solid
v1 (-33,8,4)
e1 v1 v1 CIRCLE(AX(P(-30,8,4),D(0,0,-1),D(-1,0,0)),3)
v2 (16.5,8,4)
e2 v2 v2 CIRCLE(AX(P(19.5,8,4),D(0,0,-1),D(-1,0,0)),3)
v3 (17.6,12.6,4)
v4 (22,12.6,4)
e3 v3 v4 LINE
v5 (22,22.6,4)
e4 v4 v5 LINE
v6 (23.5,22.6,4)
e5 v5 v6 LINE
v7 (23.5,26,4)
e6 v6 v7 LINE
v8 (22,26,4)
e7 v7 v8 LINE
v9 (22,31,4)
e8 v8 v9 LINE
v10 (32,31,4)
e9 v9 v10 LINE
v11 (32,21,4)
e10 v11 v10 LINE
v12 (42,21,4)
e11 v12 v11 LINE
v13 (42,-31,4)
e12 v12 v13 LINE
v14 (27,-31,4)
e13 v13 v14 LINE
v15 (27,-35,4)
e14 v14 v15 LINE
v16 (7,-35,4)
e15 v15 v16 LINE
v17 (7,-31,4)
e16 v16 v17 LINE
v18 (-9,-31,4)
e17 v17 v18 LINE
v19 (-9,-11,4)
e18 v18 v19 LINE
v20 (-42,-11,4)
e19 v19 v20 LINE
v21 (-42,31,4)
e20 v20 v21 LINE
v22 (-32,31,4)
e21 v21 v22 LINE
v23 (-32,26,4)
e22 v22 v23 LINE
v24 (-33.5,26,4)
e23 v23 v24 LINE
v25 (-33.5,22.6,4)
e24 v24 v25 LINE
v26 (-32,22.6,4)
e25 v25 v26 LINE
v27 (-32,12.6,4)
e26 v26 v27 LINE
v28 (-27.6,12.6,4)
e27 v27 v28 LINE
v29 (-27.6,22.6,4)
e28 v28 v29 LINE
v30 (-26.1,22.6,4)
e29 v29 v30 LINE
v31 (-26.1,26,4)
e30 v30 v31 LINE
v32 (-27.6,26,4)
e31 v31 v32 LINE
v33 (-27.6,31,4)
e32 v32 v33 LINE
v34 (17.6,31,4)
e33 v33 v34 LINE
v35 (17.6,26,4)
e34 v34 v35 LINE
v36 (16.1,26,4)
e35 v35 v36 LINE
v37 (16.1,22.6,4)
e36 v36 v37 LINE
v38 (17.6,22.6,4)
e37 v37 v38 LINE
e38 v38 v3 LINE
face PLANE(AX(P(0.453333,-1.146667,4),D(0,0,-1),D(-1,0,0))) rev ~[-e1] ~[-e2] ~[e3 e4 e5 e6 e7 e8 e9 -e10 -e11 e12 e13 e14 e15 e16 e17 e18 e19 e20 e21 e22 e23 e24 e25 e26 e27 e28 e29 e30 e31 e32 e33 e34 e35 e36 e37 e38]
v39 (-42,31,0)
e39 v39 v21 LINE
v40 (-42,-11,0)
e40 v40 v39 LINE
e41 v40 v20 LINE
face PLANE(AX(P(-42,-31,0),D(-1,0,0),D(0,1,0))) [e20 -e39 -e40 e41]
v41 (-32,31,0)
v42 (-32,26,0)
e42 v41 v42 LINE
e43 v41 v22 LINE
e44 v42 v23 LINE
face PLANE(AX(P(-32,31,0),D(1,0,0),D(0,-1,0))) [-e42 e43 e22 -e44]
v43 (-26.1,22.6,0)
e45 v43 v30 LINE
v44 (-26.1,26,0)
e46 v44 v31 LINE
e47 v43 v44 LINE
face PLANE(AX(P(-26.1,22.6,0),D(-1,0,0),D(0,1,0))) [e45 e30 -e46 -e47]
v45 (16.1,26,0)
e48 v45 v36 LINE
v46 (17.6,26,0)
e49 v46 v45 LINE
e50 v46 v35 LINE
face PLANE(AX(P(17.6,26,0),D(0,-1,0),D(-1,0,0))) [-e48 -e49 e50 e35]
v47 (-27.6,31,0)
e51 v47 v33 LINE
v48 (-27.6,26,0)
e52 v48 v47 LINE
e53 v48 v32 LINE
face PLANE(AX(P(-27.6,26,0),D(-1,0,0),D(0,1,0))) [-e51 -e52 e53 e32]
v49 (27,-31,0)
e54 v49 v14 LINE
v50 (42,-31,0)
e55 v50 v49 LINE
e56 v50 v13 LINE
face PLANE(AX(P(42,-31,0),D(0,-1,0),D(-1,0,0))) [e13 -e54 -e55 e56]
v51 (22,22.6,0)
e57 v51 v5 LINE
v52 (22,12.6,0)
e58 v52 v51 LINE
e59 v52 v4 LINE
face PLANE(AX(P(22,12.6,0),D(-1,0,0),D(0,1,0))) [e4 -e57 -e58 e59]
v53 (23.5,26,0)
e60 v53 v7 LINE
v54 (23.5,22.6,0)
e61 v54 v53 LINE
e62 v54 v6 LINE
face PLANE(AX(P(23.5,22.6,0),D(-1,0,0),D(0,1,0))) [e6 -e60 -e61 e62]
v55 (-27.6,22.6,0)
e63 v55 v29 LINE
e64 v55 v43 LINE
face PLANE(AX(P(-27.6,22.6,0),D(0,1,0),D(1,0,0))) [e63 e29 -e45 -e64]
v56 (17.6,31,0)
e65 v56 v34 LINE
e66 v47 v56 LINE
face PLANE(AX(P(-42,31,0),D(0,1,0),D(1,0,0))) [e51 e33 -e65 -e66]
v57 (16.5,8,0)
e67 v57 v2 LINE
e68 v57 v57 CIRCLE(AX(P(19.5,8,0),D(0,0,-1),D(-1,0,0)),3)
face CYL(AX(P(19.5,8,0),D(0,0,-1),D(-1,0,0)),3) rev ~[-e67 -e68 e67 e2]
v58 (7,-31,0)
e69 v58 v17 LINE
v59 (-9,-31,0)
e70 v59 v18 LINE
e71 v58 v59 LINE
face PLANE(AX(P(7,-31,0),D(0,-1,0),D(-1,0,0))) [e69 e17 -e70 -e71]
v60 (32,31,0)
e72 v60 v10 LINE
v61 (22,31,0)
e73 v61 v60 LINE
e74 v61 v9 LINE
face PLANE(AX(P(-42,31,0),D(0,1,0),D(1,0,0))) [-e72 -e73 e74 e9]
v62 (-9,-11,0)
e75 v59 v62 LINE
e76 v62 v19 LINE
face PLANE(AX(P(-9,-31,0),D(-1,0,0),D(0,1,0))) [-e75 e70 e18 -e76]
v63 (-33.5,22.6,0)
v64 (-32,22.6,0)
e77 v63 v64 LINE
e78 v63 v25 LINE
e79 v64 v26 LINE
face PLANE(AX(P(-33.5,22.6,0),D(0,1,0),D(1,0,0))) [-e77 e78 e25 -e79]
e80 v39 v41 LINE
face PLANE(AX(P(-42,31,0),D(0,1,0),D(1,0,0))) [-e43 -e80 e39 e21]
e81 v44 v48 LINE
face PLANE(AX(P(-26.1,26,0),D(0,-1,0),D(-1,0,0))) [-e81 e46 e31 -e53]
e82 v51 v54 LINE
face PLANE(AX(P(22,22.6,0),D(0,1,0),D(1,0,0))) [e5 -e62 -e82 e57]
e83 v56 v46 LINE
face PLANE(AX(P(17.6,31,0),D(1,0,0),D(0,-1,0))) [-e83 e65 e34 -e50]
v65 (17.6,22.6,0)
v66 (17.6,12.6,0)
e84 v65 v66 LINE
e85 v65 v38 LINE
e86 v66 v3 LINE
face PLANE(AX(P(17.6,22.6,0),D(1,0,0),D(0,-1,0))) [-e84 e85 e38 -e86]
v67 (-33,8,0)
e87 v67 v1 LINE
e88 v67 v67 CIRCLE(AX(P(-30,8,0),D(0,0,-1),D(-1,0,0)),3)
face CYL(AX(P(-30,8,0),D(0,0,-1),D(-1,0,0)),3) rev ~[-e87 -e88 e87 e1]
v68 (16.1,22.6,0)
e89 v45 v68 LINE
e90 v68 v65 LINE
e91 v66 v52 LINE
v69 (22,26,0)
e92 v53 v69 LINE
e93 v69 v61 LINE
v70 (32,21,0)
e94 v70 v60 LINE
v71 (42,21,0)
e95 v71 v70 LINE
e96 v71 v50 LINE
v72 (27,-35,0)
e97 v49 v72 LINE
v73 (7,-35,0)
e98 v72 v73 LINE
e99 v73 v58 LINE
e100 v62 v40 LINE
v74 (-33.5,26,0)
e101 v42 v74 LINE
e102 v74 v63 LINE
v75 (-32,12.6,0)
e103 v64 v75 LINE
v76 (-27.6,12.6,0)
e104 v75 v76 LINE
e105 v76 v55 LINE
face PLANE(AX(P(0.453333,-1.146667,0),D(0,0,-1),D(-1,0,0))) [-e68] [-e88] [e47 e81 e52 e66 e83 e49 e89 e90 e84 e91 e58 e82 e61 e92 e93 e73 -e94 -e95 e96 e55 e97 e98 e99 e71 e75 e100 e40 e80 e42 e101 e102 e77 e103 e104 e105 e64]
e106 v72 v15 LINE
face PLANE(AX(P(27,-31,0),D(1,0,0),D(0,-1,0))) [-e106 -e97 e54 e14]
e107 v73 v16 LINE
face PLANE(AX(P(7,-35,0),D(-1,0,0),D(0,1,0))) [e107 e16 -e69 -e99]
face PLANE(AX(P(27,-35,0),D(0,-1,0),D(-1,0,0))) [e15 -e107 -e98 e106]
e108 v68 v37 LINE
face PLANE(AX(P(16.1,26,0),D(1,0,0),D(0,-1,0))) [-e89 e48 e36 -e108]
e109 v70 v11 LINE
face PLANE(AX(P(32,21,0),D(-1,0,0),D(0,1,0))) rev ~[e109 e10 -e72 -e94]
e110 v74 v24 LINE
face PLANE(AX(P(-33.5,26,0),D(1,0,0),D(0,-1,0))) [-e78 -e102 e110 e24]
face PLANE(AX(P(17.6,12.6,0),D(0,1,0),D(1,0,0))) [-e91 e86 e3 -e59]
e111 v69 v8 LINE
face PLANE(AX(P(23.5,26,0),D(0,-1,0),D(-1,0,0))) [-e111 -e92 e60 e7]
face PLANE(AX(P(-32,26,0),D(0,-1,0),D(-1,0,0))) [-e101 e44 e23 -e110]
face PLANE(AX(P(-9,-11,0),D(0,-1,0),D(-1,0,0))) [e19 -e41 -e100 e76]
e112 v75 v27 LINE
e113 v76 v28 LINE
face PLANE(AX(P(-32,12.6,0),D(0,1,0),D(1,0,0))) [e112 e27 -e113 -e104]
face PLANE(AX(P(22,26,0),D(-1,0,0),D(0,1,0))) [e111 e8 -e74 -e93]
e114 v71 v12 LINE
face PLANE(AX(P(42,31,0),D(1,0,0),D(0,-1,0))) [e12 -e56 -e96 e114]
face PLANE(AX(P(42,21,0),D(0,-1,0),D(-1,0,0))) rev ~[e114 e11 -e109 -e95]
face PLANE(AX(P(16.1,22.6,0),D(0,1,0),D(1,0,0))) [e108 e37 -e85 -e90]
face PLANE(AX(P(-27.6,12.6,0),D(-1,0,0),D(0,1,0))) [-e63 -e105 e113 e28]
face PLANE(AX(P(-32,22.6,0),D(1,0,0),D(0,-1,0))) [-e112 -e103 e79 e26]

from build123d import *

# Parameters (mm, degrees)
BOSS_EXTRUDE1_DEPTH = 4
SKETCH2_W           = 33
SKETCH2_H           = 20
SKETCH2_W_2         = 10
SKETCH2_H_2         = 10
CUT_EXTRUDE1_DEPTH  = 5
CUT_EXTRUDE2_DEPTH  = 10
SKETCH4_R           = 3
CUT_EXTRUDE3_DEPTH  = 10


with BuildPart() as part:
    # Sketch1 → Boss-Extrude1 (new body)
    with BuildSketch(Plane.XY):
        Polygon((27, -31), (27, -35), (7, -35), (7, -31), (-42, -31), (-42, 31), (42, 31), (42, -31), align=None)
    extrude(amount=BOSS_EXTRUDE1_DEPTH)

    # Sketch2 → Cut-Extrude1 (cut)
    with BuildSketch(Plane(origin=(0, 0, 0), x_dir=(-1, 0, 0), z_dir=(0, 0, -1))):
        with Locations((25.5, -21)):
            Rectangle(SKETCH2_W, SKETCH2_H)
        with Locations((-37, 26)):
            Rectangle(SKETCH2_W_2, SKETCH2_H_2)
    extrude(amount=-CUT_EXTRUDE1_DEPTH, mode=Mode.SUBTRACT)

    # Sketch3 → Cut-Extrude2 (cut)
    with BuildSketch(Plane(origin=(0, 0, 0), x_dir=(-1, 0, 0), z_dir=(0, 0, -1))):
        Polygon((32, 22.6), (32, 12.6), (27.6, 12.6), (27.6, 22.6), (26.1, 22.6), (26.1, 26), (27.6, 26), (27.6, 31), (32, 31), (32, 26), (33.5, 26), (33.5, 22.6), align=None)
        Polygon((-17.6, 22.6), (-17.6, 12.6), (-22, 12.6), (-22, 22.6), (-23.5, 22.6), (-23.5, 26), (-22, 26), (-22, 31), (-17.6, 31), (-17.6, 26), (-16.1, 26), (-16.1, 22.6), align=None)
    extrude(amount=-CUT_EXTRUDE2_DEPTH, mode=Mode.SUBTRACT)

    # Sketch4 → Cut-Extrude3 (cut)
    with BuildSketch(Plane(origin=(0, 0, 0), x_dir=(-1, 0, 0), z_dir=(0, 0, -1))):
        with Locations((30, 8)):
            Circle(SKETCH4_R)
        with Locations((-19.5, 8)):
            Circle(SKETCH4_R)
    extrude(amount=-CUT_EXTRUDE3_DEPTH, mode=Mode.SUBTRACT)


solid = part.part
